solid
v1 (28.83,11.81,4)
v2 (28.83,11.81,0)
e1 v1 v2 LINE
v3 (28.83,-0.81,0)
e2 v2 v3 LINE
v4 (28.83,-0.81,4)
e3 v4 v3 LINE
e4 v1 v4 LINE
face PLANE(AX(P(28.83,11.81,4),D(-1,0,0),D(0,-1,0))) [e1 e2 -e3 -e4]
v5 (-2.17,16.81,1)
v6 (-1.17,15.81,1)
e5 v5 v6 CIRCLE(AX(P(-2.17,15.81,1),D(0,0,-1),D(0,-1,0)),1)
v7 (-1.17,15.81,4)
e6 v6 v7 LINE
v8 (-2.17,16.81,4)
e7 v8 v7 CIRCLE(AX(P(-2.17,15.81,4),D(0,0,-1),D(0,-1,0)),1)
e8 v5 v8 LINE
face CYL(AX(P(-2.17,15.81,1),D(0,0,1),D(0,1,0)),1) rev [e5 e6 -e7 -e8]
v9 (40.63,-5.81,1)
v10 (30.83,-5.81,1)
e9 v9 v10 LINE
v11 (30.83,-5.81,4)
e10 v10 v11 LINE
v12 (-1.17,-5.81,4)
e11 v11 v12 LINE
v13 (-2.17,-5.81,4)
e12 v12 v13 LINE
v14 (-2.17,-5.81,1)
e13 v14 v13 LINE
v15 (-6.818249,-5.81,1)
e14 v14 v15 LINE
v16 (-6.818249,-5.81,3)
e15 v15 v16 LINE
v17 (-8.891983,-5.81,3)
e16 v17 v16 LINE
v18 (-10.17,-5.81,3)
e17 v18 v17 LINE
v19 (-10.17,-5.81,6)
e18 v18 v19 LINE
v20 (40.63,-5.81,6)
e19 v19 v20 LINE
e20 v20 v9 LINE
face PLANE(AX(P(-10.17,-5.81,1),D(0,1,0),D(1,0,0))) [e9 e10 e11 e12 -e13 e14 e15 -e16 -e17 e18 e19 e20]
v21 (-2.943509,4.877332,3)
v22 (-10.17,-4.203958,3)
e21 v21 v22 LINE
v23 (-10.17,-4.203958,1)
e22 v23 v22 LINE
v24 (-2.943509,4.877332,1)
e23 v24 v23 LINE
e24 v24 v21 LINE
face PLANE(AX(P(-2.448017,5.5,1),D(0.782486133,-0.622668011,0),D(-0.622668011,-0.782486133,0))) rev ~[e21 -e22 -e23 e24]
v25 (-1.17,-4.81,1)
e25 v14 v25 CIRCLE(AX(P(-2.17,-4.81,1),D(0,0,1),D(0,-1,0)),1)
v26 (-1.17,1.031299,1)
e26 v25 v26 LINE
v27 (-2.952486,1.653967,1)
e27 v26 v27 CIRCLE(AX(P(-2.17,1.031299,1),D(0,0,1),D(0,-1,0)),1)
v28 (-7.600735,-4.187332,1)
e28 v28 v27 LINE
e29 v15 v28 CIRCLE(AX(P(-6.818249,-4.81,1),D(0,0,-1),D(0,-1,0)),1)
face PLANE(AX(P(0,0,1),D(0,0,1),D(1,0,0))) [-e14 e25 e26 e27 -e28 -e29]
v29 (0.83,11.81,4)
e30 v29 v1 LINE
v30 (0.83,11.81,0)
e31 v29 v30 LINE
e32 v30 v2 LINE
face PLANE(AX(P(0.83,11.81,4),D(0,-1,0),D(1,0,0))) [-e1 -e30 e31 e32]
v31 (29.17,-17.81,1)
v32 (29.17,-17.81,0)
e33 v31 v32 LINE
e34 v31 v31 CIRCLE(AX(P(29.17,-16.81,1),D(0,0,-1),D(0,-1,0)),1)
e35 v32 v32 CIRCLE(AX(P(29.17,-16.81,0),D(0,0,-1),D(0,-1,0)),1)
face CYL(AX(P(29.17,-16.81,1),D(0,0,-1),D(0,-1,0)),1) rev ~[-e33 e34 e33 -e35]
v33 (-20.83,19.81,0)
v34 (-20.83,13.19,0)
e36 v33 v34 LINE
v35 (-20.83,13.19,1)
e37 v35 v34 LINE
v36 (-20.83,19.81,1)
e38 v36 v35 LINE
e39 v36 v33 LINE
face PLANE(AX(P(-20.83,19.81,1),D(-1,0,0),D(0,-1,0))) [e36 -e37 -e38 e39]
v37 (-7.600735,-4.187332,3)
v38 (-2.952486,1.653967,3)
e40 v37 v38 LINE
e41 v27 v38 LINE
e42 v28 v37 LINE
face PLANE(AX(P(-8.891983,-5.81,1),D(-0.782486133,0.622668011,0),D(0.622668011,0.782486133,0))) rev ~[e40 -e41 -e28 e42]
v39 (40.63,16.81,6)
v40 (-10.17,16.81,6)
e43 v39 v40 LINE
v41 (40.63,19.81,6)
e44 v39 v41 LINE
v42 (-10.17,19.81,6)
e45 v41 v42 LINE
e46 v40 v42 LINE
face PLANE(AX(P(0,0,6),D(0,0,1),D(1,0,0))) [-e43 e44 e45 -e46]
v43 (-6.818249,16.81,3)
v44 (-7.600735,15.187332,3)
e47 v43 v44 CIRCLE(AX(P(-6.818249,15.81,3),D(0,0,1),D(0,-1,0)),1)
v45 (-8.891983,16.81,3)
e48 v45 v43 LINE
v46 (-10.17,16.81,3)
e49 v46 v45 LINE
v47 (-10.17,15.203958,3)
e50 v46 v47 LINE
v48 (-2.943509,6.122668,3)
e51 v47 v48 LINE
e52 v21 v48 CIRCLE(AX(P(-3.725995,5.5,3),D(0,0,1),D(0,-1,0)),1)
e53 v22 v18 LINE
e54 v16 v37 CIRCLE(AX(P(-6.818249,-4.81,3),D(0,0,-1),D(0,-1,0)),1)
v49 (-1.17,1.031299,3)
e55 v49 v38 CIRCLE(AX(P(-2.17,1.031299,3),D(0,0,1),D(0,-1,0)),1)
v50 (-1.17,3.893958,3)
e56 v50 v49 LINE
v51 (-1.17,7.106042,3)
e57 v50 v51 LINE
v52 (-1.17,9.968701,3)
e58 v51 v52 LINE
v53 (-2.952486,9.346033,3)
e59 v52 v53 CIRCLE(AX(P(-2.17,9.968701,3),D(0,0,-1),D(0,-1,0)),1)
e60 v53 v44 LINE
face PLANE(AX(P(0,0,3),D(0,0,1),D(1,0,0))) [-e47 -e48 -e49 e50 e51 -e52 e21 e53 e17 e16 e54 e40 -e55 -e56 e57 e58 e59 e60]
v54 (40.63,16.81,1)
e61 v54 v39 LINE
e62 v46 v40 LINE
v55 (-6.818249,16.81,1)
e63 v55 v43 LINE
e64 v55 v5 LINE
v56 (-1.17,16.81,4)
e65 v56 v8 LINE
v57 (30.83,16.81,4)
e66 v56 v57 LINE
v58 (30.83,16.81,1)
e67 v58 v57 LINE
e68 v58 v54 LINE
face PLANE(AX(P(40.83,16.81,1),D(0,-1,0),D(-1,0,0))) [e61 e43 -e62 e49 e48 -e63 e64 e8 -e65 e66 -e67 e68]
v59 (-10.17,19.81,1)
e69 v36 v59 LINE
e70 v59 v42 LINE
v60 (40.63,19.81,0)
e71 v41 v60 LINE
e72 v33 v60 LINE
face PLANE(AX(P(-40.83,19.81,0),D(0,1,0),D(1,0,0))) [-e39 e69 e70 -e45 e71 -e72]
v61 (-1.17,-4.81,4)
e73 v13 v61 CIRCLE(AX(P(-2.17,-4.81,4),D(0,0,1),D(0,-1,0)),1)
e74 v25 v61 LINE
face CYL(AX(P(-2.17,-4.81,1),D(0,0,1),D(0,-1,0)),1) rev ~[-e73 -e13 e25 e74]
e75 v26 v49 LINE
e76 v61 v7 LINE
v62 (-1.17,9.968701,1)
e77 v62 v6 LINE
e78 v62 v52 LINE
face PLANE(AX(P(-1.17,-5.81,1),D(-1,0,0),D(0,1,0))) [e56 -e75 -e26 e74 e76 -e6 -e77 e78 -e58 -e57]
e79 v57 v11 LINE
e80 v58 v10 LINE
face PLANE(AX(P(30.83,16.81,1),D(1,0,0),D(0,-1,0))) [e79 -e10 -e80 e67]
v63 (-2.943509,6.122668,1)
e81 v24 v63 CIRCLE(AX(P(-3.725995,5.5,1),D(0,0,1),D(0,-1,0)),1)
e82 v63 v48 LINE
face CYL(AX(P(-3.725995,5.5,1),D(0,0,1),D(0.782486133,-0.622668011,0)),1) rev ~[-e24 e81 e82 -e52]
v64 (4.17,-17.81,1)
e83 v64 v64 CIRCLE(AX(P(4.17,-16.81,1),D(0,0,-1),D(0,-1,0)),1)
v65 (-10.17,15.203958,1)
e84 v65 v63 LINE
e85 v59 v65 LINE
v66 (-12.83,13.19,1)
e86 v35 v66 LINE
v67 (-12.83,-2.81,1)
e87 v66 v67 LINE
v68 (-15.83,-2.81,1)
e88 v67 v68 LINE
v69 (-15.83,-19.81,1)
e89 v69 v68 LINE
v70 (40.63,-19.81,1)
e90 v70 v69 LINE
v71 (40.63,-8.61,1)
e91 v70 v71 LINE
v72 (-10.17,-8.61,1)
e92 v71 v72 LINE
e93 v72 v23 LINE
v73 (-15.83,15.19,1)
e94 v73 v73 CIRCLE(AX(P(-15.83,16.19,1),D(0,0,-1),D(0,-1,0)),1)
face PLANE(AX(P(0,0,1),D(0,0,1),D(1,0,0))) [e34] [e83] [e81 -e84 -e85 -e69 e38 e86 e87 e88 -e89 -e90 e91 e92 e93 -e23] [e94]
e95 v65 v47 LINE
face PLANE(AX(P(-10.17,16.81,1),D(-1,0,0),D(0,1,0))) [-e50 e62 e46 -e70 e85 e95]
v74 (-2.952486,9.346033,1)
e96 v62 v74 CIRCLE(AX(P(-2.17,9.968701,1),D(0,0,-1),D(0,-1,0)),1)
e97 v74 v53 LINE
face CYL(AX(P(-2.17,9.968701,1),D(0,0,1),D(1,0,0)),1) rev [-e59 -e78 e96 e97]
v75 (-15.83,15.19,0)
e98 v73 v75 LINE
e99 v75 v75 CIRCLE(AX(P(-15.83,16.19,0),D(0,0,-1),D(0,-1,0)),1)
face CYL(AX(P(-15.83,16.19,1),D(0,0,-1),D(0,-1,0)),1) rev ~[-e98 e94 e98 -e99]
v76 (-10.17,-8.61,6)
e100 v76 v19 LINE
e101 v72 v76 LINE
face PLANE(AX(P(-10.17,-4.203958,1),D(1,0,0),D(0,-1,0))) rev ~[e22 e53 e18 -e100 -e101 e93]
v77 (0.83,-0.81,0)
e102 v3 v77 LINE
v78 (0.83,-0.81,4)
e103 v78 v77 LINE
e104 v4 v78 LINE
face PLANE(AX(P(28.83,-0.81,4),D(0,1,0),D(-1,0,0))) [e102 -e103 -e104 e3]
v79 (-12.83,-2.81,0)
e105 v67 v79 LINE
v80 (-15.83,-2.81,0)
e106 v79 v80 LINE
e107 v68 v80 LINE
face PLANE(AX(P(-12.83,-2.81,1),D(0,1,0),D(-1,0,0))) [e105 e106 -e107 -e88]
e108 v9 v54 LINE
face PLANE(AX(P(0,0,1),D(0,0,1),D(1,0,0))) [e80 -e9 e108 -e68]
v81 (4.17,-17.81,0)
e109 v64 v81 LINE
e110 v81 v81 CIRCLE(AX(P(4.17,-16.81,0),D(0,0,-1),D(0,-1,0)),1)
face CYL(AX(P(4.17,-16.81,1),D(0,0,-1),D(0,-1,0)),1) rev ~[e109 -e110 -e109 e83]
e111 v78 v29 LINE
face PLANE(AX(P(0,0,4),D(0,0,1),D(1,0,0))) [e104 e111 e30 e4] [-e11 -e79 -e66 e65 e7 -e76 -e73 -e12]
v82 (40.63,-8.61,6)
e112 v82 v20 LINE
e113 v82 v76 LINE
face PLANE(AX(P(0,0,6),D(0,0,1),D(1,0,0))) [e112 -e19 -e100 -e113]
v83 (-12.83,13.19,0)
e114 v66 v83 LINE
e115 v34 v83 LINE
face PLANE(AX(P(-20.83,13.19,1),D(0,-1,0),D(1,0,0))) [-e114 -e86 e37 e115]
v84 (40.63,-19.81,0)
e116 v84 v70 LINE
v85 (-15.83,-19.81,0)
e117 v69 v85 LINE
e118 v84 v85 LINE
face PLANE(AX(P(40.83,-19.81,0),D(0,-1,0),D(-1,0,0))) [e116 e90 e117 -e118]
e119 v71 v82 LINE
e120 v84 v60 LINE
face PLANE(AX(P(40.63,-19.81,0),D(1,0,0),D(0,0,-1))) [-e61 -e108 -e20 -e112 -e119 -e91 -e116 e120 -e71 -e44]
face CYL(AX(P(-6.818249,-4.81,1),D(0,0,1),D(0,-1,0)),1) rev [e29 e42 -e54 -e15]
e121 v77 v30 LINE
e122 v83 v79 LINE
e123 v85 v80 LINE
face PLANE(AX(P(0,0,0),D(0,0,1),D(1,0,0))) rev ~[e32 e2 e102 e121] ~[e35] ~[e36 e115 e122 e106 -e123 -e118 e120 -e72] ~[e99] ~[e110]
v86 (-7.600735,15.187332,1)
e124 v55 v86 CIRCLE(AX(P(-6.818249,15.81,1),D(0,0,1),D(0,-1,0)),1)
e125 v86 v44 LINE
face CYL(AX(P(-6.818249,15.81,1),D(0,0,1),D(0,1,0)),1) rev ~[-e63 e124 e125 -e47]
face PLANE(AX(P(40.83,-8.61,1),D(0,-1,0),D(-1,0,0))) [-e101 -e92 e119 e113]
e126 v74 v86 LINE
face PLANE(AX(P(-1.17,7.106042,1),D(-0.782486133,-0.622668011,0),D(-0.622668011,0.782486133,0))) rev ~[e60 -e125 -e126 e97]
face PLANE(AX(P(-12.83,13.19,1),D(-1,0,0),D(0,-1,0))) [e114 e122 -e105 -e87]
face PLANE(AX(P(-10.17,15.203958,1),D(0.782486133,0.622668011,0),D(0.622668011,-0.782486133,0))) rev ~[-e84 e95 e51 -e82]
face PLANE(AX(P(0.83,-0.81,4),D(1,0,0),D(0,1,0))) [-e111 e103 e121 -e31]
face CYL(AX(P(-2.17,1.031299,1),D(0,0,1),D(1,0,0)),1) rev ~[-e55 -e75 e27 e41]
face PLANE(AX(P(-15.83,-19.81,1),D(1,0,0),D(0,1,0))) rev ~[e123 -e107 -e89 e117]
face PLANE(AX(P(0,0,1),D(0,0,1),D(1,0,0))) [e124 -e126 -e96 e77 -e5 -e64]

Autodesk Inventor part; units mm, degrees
ref_plane "YZ Plane" through (0, 0, 0) normal (1, 0, 0) x (0, 1, 0)
ref_plane "XZ Plane" through (0, 0, 0) normal (0, 1, 0) x (-1, 0, 0)
ref_plane "XY Plane" through (0, 0, 0) normal (0, 0, 1) x (1, 0, 0)
sketch "Sketch1" plane through (0, 0, 0) normal (0, 0, 1) x (1, 0, 0)
  line L0 (-40.83, 19.81) -> (40.83, 19.81)
  line L1 (40.83, 19.81) -> (40.83, -19.81)
  line L2 (40.83, -19.81) -> (-40.83, -19.81)
  line L3 (-40.83, -19.81) -> (-40.83, 19.81)
  point P0 (0, 0)
  dimension "d0" = 81.66
  dimension "d1" = 39.62
  dimension "d2" = 19.81
  dimension "d3" = 40.83
extrude "Extrusion1" add sketch "Sketch1" along normal blind 1
sketch "Sketch2" plane through (0, 0, 1) normal (0, 0, 1) x (1, 0, 0)
  line L0 (-40.83, 19.81) -> (-40.83, -19.81) projected
  line L1 (-40.83, -19.81) -> (40.83, -19.81) projected
  point P0 (0, 0)
  point P1 (-15.83, 16.19)
  point P2 (4.17, -16.81)
  point P3 (29.17, -16.81)
  dimension "d6" = 25
  dimension "d7" = 36
  dimension "d8" = 45
  dimension "d9" = 3
  dimension "d10" = 3
  dimension "d11" = 70
hole "Hole1" at (-15.83, 16.19, 1) at (4.17, -16.81, 1) at (29.17, -16.81, 1) direction (0, 0, -1) diameter 2 depth 3 tip angle 118
sketch "Sketch3" plane through (0, 0, 1) normal (0, 0, 1) x (1, 0, 0)
  line L0 (-40.83, 19.81) -> (-40.83, -19.81) projected
  line L1 (-40.83, 13.19) -> (-12.83, 13.19)
  line L2 (-12.83, 13.19) -> (-12.83, -2.81)
  line L3 (-12.83, -2.81) -> (-40.83, -2.81)
  line L4 (-40.83, -2.81) -> (-40.83, 13.19)
  line L5 (-40.83, -19.81) -> (40.83, -19.81) projected
  line L6 (40.83, 19.81) -> (-40.83, 19.81) projected
  line L7 (-40.83, 19.81) -> (-20.83, 19.81)
  line L8 (-20.83, 19.81) -> (-20.83, 13.19)
  line L9 (-20.83, 13.19) -> (-40.83, 13.19)
  line L10 (-40.83, 13.19) -> (-40.83, 19.81)
  line L11 (-40.83, -19.81) -> (40.83, -19.81) projected
  line L12 (40.83, -19.81) -> (40.83, 19.81) projected
  line L13 (-20.83, 19.81) -> (40.83, 19.81)
  line L14 (40.83, 19.81) -> (40.83, -19.81)
  line L15 (40.83, -19.81) -> (-20.83, -19.81)
  line L16 (-20.83, -19.81) -> (-20.83, 19.81)
  line L17 (-40.83, -2.81) -> (-20.83, -2.81)
  line L18 (-20.83, -2.81) -> (-20.83, -19.81)
  line L19 (-20.83, -19.81) -> (-40.83, -19.81)
  line L20 (-40.83, -19.81) -> (-40.83, -2.81)
  point P0 (0, 0)
  point P1 (-0.83, -19.81)
  point P2 (-20.83, -2.81)
  dimension "d19" = 28
  dimension "d20" = 33
  dimension "d21" = 17
  dimension "d22" = 8
extrude "Extrusion2" cut sketch "Sketch3" against normal blind 1 contours L6 L8 L1 L0 | L1 L16 L3 L0 | L3 L16 L5 L0 | L1 L2 L3 L16
sketch "Sketch4" plane through (0, 0, 1) normal (0, 0, 1) x (1, 0, 0)
  line L0 (-12.83, -2.81) -> (-20.83, -2.81) projected
  line L1 (-20.83, -2.81) -> (-20.83, -19.81) projected
  line L2 (-15.83, -2.81) -> (-20.83, -2.81)
  line L3 (-20.83, -2.81) -> (-20.83, -19.81)
  line L4 (-20.83, -19.81) -> (-15.83, -19.81)
  line L5 (-15.83, -19.81) -> (-15.83, -2.81)
  line L6 (-12.83, 13.19) -> (-12.83, -2.81) projected
  point P0 (0, 0)
  dimension "d26" = 3
extrude "Extrusion3" cut sketch "Sketch4" against normal blind 1
sketch "Sketch5" plane through (0, 0, 1) normal (0, 0, 1) x (1, 0, 0)
  line L0 (-1.17, 16.81) -> (30.83, 16.81)
  line L1 (30.83, 16.81) -> (30.83, -5.81)
  line L2 (30.83, -5.81) -> (-1.17, -5.81)
  line L3 (-1.17, -5.81) -> (-1.17, 16.81)
  line L4 (40.83, -19.81) -> (40.83, 19.81) projected
  line L5 (40.83, 19.81) -> (-20.83, 19.81) projected
  line L6 (-15.83, -19.81) -> (40.83, -19.81) projected
  point P0 (0, 0)
  dimension "d29" = 10
  dimension "d30" = 42
  dimension "d31" = 3
  dimension "d32" = 14
extrude "Extrusion4" add sketch "Sketch5" along normal blind 3
sketch "Sketch6" plane through (0, 0, 4) normal (0, 0, 1) x (1, 0, 0)
  line L0 (0.83, 11.81) -> (28.83, 11.81)
  line L1 (28.83, 11.81) -> (28.83, -0.81)
  line L2 (28.83, -0.81) -> (0.83, -0.81)
  line L3 (0.83, -0.81) -> (0.83, 11.81)
  line L4 (-1.17, 16.81) -> (-1.17, -5.81) projected
  line L5 (30.83, -5.81) -> (30.83, 16.81) projected
  line L6 (30.83, 16.81) -> (-1.17, 16.81) projected
  line L7 (-1.17, -5.81) -> (30.83, -5.81) projected
  point P0 (0, 0)
  dimension "d35" = 2
  dimension "d36" = 2
  dimension "d37" = 5
  dimension "d38" = 5
extrude "Extrusion5" cut sketch "Sketch6" against normal blind 4 contours L0 L1 L2 L3
sketch "Sketch7" plane through (0, 0, 1) normal (0, 0, 1) x (1, 0, 0)
  line L0 (40.83, -19.81) -> (40.83, 19.81) projected
  line L1 (-10.17, -5.81) -> (40.83, -5.81)
  line L2 (40.83, -5.81) -> (40.83, -8.61)
  line L3 (40.83, -8.61) -> (-10.17, -8.61)
  line L4 (-10.17, -8.61) -> (-10.17, -5.81)
  line L5 (40.83, 19.81) -> (-20.83, 19.81) projected
  line L6 (-10.17, 19.81) -> (40.83, 19.81)
  line L7 (40.83, 19.81) -> (40.83, 16.81)
  line L8 (40.83, 16.81) -> (-10.17, 16.81)
  line L9 (-10.17, 16.81) -> (-10.17, 19.81)
  line L10 (30.83, 16.81) -> (-1.17, 16.81) projected
  line L11 (-1.17, -5.81) -> (30.83, -5.81) projected
  point P0 (0, 0)
  point P1 (40.83, -5.81)
  dimension "d41" = 3
  dimension "d42" = 51
  dimension "d43" = 2.8
extrude "Extrusion6" add sketch "Sketch7" along normal blind 5
sketch "Sketch8" plane through (40.83, -19.81, 0) normal (1, 0, 0) x (0, 0, -1)
  line L0 (0, 0) -> (0, 39.62) projected
  line L1 (0, 0) -> (-6, 0)
  line L2 (-6, 0) -> (-6, 39.62)
  line L3 (-6, 39.62) -> (0, 39.62)
  line L4 (0, 39.62) -> (0, 0)
  point P0 (0, 19.81)
extrude "Extrusion7" cut sketch "Sketch8" against normal blind 0.2
sketch "Sketch9" plane through (0, 0, 1) normal (0, 0, 1) x (1, 0, 0)
  line L0 (-10.17, 16.81) -> (40.63, 16.81) projected
  line L1 (-10.17, 16.81) -> (-1.17, 5.5) construction
  line L2 (-1.17, 16.81) -> (-1.17, -5.81) projected
  line L3 (-10.9525, 16.1873) -> (-1.9525, 4.8773)
  line L4 (-0.3875, 6.1227) -> (-9.3875, 17.4327)
  arc A0 (-9.3875, 17.4327) -> (-10.9525, 16.1873) centre (-10.17, 16.81) ccw
  arc A1 (-1.9525, 4.8773) -> (-0.3875, 6.1227) centre (-1.17, 5.5) ccw
  line L5 (-10.17, -5.81) -> (-1.17, -5.81) projected
  line L6 (-1.17, 5.5) -> (-10.17, -5.81) construction
  line L7 (-1.9525, 6.1227) -> (-10.9525, -5.1873)
  line L8 (-9.3875, -6.4327) -> (-0.3875, 4.8773)
  arc A2 (-0.3875, 4.8773) -> (-1.9525, 6.1227) centre (-1.17, 5.5) ccw
  arc A3 (-10.9525, -5.1873) -> (-9.3875, -6.4327) centre (-10.17, -5.81) ccw
  line L9 (-10.17, 19.81) -> (-10.17, 16.81) projected
  line L10 (-10.17, 19.81) -> (-10.17, -8.4856)
  point P0 (0, 0)
  point P1 (-5.67, 11.155)
  point P2 (-5.67, -0.155)
  point P3 (-10.17, 15.204)
  point P4 (-2.448, 5.5)
  point P5 (-10.17, -4.204)
  point P6 (-8.892, -5.81)
  point P7 (-1.17, 3.894)
  point P8 (-1.17, 7.106)
  point P9 (-8.892, 16.81)
  dimension "d48" = 2
  dimension "d49" = 2
extrude "Extrusion8" add sketch "Sketch9" along normal blind 2 contours L0 L4 L2 A2 L7 L3 L10 | L7 A2 L2 A1 L3 | L3 A1 L2 L8 L5 L10 L7
fillet "Fillet1" radius 1 6 edges at (-8.892, 16.81, 2) (-1.17, 7.106, 2) (-1.17, 16.81, 2.5) (-1.17, 3.894, 2) (-8.892, -5.81, 2) (-1.17, -5.81, 2.5)
fillet "Fillet2" radius 1 1 edges at (-2.448, 5.5, 2)
equation "\"BendRadius\" = Thickness"
equation "\"BendReliefWidth\" = Thickness"
equation "\"BendReliefDepth\" = 0.5 * Thickness"
equation "\"CornerReliefSize\" = 4 * Thickness"
equation "\"MinimumRemnant\" = 2 * Thickness"
equation "\"TransitionRadius\" = BendRadius"
equation "\"JacobiRadiusSize\" = BendRadius"
equation "\"GapSize\" = Thickness"
equation "\"Thickness\" = 0.5"
properties part number "gen2-hdmi-mount"
